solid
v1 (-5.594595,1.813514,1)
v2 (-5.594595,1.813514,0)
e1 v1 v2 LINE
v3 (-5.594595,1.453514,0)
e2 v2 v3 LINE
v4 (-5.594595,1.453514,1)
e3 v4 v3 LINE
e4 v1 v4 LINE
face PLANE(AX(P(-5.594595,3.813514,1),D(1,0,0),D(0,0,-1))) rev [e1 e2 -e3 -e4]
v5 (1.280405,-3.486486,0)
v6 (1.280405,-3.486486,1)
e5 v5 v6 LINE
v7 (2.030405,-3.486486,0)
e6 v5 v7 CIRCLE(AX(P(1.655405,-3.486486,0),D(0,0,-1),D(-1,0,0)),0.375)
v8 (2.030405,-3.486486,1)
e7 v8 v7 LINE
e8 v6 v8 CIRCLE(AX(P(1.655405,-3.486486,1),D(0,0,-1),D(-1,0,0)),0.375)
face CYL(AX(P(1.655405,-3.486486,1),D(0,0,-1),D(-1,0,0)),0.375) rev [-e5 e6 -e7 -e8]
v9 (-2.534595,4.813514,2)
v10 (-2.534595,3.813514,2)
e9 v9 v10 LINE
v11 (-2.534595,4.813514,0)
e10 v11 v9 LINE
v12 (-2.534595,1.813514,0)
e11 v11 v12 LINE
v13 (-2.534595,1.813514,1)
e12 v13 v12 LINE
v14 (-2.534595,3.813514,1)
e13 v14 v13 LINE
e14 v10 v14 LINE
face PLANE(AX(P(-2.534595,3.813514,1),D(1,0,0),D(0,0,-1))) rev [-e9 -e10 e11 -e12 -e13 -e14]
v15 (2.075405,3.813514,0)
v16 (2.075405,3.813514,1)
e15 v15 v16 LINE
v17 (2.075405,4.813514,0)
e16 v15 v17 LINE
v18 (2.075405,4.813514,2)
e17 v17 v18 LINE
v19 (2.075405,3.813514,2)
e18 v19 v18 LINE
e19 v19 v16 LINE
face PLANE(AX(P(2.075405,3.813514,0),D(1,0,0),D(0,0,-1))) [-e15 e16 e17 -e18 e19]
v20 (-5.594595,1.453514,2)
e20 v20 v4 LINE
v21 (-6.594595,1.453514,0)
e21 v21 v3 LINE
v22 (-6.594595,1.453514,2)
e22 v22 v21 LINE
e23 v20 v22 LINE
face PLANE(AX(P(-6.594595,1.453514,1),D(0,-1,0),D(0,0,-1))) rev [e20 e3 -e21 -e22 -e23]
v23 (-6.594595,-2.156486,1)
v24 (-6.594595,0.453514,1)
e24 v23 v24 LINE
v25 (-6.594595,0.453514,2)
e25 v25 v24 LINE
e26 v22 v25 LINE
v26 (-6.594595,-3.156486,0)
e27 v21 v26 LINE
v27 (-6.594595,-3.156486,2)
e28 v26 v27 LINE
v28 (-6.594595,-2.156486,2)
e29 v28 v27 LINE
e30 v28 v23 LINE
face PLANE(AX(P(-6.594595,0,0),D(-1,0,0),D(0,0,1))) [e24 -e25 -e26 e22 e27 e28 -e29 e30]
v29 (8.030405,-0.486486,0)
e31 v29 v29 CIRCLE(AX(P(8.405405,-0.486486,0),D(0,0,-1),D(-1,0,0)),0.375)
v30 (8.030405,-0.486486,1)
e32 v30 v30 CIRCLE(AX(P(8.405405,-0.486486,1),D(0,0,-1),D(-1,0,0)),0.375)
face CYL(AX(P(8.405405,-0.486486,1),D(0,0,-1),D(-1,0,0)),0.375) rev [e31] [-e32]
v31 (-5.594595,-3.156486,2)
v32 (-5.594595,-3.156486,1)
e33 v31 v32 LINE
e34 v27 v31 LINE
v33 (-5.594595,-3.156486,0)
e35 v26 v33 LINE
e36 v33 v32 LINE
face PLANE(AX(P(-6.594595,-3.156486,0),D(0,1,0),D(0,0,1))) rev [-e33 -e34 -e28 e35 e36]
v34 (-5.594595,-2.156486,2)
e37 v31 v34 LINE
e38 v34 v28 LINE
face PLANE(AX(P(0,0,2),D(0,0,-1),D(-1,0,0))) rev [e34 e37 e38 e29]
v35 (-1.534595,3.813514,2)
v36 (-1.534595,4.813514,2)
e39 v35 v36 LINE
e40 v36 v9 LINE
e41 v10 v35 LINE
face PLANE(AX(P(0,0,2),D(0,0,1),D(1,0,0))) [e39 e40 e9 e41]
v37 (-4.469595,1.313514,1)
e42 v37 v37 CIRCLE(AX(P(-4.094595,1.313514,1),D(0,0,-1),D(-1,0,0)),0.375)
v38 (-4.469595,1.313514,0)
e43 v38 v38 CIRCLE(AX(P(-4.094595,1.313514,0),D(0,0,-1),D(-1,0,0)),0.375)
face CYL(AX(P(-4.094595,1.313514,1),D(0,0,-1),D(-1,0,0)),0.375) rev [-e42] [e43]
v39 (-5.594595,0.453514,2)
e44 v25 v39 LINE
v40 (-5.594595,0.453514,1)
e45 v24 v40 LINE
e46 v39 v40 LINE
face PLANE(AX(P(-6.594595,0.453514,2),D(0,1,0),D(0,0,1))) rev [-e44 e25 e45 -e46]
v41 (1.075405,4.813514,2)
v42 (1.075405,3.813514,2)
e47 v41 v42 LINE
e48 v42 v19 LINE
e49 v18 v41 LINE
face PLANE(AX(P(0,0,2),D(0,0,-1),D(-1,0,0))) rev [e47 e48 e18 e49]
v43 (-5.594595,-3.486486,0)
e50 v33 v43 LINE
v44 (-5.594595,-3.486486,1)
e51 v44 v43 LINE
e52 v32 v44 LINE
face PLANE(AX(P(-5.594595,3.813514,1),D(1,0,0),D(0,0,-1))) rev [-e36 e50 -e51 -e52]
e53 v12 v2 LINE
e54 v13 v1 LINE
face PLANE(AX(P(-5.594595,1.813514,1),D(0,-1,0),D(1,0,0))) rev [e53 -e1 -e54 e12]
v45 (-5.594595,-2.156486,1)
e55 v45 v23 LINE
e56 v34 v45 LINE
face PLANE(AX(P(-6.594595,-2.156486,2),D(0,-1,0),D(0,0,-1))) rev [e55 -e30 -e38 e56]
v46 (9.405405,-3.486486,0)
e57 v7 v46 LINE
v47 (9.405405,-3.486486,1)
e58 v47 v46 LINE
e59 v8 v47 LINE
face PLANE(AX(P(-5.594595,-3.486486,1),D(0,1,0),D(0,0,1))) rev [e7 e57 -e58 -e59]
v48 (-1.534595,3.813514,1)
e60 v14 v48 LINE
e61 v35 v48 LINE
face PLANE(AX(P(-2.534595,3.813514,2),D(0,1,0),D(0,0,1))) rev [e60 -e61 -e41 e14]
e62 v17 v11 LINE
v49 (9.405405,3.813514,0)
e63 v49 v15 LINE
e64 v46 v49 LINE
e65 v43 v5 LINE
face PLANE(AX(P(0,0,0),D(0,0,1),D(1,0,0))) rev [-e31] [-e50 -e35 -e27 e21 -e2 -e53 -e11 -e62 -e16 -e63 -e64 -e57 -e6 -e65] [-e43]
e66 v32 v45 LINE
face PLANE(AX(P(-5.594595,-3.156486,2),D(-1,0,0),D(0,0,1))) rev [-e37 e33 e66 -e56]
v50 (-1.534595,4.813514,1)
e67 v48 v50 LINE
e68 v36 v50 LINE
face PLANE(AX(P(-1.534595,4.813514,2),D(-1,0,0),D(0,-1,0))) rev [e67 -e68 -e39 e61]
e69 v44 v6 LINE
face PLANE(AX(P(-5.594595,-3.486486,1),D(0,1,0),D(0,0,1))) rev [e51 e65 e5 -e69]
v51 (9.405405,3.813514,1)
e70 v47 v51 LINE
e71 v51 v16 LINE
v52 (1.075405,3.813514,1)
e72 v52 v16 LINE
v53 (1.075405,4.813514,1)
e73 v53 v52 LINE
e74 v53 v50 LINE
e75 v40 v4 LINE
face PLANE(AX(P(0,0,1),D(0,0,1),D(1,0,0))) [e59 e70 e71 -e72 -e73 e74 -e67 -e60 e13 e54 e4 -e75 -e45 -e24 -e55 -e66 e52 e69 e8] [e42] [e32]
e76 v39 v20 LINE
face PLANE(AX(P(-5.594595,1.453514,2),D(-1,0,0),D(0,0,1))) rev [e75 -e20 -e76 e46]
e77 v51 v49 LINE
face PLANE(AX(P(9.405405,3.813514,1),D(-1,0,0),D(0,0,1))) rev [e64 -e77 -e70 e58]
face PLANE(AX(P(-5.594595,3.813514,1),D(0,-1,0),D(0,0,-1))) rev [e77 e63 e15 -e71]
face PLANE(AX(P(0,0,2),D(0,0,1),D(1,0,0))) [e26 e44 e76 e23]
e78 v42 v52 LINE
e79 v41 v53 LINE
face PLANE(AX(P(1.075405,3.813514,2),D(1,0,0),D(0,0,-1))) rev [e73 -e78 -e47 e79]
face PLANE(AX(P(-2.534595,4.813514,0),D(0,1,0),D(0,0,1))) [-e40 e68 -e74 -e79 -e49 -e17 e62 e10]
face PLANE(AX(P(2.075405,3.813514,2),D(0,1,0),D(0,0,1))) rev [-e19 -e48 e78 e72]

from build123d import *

# Parameters (mm, degrees)
SKETCH1_W              = 15
SKETCH1_H              = 7.3
BASE_EXTRUDE1_DEPTH    = 1
NOTCH_W                = 3.06
NOTCH_H                = 2
CUT_EXTRUDE1_DEPTH     = 1
SKETCH5_W              = 4.61
SKETCH5_H              = 1
TOP_LED_EXTRUDE_DEPTH  = 1
SKETCH6_W              = 1
SKETCH6_H              = 1
TOP_CLAMP_DEPTH        = 1
SKETCH7_W              = 1
SKETCH7_H              = 4.61
SIDE_LED_EXTRUDE_DEPTH = 1
SKETCH8_W              = 1
SKETCH8_H              = 1
SIDE_CLAMP_DEPTH       = 1
SKETCH9_R              = 0.375
SCREWHOLES_DEPTH       = 1


with BuildPart() as part:
    # Sketch1 → Base-Extrude1 (new body)
    with BuildSketch(Plane.XY):
        with Locations((1.905405405, 0.163513514)):
            Rectangle(SKETCH1_W, SKETCH1_H)
    extrude(amount=BASE_EXTRUDE1_DEPTH)

    # Notch → Cut-Extrude1 (cut)
    with BuildSketch(Plane(origin=(0, 0, 0), x_dir=(-1, 0, 0), z_dir=(0, 0, -1))):
        with Locations((4.064594595, 2.813513514)):
            Rectangle(NOTCH_W, NOTCH_H)
    extrude(amount=-CUT_EXTRUDE1_DEPTH, mode=Mode.SUBTRACT)

    # Sketch5 → Top-LED-Extrude (add)
    with BuildSketch(Plane.XY.offset(1)):
        with Locations((-0.229594595, 4.313513514)):
            Rectangle(SKETCH5_W, SKETCH5_H)
    extrude(amount=-TOP_LED_EXTRUDE_DEPTH)

    # Sketch6 → Top-Clamp (add)
    with BuildSketch(Plane.XY.offset(1)):
        with Locations((-2.034594595, 4.313513514)):
            Rectangle(SKETCH6_W, SKETCH6_H)
        with Locations((1.575405405, 4.313513514)):
            Rectangle(SKETCH6_W, SKETCH6_H)
    extrude(amount=TOP_CLAMP_DEPTH)

    # Sketch7 → Side-LED-Extrude (add)
    with BuildSketch(Plane.ZY.offset(5.594594595)):
        with Locations((0.5, -0.851486486)):
            Rectangle(SKETCH7_W, SKETCH7_H)
    extrude(amount=SIDE_LED_EXTRUDE_DEPTH)

    # Sketch8 → Side-Clamp (add)
    with BuildSketch(Plane.XY.offset(1)):
        with Locations((-6.094594595, -2.656486486)):
            Rectangle(SKETCH8_W, SKETCH8_H)
        with Locations((-6.094594595, 0.953513514)):
            Rectangle(SKETCH8_W, SKETCH8_H)
    extrude(amount=SIDE_CLAMP_DEPTH)

    # Sketch9 → ScrewHoles (cut)
    with BuildSketch(Plane(origin=(0, 0, 0), x_dir=(-1, 0, 0), z_dir=(0, 0, -1))):
        with Locations((-8.405405405, -0.486486486)):
            Circle(SKETCH9_R)
        with Locations((4.094594595, 1.313513514)):
            Circle(SKETCH9_R)
        with Locations((-1.655405405, -3.486486486)):
            Circle(SKETCH9_R)
    extrude(amount=-SCREWHOLES_DEPTH, mode=Mode.SUBTRACT)


solid = part.part
